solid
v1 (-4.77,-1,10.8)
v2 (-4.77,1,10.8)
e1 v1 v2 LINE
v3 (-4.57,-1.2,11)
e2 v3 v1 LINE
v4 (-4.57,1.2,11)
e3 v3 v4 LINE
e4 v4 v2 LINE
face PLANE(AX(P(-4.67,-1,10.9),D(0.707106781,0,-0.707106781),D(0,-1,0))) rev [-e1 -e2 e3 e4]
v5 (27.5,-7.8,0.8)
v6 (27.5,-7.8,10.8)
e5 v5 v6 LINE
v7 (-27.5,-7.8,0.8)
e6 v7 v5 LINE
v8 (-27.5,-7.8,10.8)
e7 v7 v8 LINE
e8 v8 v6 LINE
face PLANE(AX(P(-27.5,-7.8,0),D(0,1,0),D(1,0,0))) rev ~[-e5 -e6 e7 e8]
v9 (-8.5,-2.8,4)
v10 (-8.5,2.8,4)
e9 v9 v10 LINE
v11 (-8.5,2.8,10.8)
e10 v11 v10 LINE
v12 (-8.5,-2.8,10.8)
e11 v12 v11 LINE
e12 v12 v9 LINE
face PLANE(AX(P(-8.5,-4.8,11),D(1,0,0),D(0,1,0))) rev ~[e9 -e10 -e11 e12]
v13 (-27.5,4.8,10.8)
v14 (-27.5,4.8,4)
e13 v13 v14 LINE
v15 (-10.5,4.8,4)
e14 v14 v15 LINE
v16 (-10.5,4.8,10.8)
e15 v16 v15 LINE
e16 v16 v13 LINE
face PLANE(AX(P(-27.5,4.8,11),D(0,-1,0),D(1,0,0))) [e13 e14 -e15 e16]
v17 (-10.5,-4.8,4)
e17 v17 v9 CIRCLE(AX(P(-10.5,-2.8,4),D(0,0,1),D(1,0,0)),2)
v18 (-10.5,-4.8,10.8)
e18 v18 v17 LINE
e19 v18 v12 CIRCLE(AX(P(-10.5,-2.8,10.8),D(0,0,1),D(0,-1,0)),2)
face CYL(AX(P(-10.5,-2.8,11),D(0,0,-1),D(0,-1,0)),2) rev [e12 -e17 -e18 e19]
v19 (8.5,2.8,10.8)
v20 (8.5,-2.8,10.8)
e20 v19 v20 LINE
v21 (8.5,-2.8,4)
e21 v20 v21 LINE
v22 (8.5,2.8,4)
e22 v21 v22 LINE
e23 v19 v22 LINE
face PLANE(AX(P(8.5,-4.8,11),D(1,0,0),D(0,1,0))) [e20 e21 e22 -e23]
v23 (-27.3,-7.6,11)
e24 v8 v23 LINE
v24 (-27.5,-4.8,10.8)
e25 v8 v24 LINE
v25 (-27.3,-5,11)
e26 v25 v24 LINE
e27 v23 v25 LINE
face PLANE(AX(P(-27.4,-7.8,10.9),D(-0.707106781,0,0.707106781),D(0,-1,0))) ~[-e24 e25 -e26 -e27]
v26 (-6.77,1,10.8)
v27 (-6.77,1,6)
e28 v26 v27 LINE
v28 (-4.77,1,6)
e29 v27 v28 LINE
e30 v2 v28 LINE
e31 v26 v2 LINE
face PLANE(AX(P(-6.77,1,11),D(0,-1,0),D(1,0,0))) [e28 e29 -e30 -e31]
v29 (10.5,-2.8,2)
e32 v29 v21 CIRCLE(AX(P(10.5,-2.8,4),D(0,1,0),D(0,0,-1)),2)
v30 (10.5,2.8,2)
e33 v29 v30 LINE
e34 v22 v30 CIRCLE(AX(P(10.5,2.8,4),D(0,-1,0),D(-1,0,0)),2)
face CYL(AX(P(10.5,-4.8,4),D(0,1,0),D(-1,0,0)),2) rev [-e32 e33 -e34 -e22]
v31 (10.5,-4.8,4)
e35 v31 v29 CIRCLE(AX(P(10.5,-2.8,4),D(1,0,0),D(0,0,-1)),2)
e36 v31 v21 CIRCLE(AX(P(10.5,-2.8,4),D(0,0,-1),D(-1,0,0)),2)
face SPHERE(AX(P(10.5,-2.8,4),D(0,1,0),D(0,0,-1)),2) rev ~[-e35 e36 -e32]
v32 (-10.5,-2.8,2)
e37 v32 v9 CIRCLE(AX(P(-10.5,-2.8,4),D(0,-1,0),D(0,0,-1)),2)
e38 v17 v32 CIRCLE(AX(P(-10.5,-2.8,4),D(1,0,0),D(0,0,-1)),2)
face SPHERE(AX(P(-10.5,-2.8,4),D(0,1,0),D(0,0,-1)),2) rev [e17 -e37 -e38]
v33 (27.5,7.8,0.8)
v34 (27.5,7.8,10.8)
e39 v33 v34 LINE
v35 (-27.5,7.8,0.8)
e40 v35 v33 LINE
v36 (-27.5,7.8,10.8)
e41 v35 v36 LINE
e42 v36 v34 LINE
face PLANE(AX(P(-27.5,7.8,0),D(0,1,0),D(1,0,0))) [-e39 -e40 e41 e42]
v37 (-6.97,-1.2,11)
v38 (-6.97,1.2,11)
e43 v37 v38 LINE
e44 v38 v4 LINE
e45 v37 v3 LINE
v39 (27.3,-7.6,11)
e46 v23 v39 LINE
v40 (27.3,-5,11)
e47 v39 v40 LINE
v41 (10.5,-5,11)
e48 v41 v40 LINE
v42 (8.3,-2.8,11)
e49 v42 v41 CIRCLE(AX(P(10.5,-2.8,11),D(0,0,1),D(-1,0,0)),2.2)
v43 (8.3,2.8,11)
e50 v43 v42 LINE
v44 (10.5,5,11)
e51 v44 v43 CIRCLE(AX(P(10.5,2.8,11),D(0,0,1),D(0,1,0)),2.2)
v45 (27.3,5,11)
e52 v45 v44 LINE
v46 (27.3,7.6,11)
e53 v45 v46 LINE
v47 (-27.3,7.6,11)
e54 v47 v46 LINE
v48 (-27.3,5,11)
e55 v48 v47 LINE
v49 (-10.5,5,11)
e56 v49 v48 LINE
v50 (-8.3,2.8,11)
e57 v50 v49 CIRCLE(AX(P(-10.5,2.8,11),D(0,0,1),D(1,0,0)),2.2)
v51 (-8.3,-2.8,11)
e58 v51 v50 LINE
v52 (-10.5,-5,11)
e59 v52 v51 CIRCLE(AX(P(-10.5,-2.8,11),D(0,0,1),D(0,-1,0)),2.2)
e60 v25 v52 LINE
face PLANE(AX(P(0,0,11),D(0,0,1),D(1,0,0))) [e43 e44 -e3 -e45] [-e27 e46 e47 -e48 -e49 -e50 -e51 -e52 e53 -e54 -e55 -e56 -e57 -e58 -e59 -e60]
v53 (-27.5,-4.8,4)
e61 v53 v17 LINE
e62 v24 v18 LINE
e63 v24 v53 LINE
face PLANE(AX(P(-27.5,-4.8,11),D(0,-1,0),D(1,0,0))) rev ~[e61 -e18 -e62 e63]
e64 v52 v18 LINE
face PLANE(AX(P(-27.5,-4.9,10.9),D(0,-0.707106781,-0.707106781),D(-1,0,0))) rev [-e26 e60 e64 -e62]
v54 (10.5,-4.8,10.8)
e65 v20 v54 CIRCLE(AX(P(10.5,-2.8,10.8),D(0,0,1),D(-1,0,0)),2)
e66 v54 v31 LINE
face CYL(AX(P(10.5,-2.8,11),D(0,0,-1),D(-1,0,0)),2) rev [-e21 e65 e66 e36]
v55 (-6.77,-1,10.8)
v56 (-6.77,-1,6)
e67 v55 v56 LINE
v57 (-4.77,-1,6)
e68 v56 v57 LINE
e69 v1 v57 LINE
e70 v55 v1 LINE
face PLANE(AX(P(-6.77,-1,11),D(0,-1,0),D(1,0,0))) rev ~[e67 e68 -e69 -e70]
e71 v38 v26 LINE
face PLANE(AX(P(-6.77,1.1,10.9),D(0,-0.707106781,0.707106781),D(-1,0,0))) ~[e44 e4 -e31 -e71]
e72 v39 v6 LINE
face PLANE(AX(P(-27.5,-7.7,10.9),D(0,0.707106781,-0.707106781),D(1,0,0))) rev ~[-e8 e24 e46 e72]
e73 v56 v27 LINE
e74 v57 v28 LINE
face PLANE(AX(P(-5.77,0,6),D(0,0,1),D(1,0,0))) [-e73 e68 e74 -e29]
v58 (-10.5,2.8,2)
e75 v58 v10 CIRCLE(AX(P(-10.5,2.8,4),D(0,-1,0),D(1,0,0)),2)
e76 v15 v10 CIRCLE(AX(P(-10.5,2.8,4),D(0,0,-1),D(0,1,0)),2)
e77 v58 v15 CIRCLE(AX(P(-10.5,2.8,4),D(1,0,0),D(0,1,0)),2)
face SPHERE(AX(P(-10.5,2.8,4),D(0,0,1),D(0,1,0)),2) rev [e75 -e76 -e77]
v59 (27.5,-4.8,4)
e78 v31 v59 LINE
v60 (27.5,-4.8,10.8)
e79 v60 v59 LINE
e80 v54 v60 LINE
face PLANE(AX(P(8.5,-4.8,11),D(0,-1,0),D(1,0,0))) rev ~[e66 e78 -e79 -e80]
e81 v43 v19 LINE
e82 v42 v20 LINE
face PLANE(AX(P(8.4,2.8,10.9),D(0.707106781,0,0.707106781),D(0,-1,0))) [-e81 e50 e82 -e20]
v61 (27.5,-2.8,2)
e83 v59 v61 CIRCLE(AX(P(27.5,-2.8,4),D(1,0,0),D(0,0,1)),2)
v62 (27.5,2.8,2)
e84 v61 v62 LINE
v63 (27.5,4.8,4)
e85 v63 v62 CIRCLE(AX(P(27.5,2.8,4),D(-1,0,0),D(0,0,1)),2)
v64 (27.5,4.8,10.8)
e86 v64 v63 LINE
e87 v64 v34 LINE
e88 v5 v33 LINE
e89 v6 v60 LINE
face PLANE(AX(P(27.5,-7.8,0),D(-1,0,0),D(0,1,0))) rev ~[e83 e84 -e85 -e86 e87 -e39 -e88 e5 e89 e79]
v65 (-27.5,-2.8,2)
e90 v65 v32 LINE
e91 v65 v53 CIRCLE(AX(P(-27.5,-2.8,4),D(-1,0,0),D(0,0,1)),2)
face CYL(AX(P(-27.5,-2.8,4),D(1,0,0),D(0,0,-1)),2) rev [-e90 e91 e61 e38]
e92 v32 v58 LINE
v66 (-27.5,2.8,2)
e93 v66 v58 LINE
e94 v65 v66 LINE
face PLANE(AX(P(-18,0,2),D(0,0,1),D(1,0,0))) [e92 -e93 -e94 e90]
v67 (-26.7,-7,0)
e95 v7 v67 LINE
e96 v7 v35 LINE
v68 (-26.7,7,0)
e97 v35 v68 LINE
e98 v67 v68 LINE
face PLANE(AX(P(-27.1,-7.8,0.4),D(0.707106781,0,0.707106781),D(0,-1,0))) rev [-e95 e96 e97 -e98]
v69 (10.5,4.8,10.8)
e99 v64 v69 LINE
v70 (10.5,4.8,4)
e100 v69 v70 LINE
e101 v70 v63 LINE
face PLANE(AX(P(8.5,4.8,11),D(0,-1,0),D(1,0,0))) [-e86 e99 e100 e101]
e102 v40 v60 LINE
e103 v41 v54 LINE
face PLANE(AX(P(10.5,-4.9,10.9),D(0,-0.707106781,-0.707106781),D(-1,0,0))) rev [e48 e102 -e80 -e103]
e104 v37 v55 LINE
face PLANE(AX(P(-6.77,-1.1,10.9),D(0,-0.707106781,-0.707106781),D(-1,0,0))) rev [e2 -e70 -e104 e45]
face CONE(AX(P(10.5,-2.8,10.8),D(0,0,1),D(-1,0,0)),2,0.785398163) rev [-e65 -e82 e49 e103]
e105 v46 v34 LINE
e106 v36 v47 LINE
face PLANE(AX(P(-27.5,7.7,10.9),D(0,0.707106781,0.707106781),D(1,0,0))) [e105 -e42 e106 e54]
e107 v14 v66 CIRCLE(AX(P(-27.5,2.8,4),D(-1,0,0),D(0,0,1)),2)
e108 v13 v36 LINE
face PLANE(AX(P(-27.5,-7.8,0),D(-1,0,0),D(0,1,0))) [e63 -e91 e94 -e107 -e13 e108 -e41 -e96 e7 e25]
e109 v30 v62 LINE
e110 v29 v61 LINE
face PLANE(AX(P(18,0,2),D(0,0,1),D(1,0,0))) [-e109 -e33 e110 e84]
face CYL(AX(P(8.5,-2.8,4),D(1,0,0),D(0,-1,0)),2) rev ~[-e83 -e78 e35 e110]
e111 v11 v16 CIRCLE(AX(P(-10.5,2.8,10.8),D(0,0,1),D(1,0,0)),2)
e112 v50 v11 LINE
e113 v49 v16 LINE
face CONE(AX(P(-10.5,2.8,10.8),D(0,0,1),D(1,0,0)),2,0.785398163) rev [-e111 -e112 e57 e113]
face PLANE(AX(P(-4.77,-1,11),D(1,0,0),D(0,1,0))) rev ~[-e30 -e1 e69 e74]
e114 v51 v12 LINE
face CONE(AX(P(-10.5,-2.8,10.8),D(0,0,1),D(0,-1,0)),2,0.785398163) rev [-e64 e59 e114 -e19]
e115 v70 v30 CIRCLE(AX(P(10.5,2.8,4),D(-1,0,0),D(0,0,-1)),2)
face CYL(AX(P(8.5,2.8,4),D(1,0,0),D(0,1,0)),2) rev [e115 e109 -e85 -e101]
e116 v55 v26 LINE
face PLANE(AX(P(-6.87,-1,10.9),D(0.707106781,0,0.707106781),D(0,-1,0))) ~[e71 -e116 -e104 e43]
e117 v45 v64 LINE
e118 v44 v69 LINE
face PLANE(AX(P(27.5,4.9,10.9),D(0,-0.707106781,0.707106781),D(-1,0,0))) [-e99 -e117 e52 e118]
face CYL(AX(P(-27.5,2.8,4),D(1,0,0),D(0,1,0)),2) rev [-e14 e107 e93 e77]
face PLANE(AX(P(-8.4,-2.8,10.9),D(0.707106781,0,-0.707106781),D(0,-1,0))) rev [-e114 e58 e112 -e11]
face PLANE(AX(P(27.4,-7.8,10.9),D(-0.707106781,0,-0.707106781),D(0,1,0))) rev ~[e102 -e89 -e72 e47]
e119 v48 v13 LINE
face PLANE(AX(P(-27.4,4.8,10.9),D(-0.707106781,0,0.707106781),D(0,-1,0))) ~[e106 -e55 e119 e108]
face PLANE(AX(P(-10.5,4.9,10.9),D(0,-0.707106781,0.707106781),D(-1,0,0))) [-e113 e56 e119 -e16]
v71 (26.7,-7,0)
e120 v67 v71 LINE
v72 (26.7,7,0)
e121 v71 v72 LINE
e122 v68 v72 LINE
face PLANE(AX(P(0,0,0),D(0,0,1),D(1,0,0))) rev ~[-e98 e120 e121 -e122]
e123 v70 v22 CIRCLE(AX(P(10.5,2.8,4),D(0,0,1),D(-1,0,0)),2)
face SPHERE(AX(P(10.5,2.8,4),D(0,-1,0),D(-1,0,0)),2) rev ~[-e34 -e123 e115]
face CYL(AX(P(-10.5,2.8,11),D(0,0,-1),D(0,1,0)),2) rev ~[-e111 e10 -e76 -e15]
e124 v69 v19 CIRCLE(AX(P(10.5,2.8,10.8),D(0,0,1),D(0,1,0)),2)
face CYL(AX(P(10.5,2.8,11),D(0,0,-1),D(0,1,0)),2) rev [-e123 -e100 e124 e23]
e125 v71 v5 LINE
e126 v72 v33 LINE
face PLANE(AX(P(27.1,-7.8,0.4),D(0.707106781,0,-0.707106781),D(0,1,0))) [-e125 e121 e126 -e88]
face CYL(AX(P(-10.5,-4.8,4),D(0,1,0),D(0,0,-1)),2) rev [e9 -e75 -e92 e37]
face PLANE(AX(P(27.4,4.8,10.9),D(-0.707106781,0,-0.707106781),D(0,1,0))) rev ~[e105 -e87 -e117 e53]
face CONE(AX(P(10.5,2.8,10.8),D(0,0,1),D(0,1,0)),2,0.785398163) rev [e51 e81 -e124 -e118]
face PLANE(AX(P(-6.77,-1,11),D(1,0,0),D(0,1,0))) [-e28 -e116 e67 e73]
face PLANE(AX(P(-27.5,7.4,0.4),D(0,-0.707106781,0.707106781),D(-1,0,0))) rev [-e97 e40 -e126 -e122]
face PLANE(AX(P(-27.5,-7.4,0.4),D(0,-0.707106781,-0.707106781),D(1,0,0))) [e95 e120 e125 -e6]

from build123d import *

# Parameters (mm, degrees)
F0_W     = 55
F0_H     = 15.6
F1_DEPTH = 11
F2_W     = 2
F2_H     = 2
F3_DEPTH = 5
F4_W     = 19
F4_H     = 9.6
F5_DEPTH = 9
F6_R     = 2
F7_SIZE  = 0.2
F8_SIZE  = 0.8


with BuildPart() as f1:
    # F0 (on Top) → F1 (new body)
    with BuildSketch(Plane.XY):
        Rectangle(F0_W, F0_H)
    extrude(amount=F1_DEPTH)

    # F2 (on face) → F3 (cut)
    with BuildSketch(Plane.XY.offset(11)):
        with Locations((-5.77, 0)):
            Rectangle(F2_W, F2_H)
    extrude(amount=-F3_DEPTH, mode=Mode.SUBTRACT)

    # F4 (on face) → F5 (cut)
    with BuildSketch(Plane.XY.offset(11)):
        with Locations((-18, 0)):
            Rectangle(F4_W, F4_H)
        with Locations((18, 0)):
            Rectangle(F4_W, F4_H)
    extrude(amount=-F5_DEPTH, mode=Mode.SUBTRACT)

    # F6
    f6_edges = [f1.edges().sort_by_distance(p)[0] for p in [
        (-8.5, 4.8, 6.5),
        (-18, 4.8, 2),
        (-8.5, 0, 2),
        (-18, -4.8, 2),
        (-8.5, -4.8, 6.5),
        (8.5, 0, 2),
        (8.5, 4.8, 6.5),
        (18, 4.8, 2),
        (18, -4.8, 2),
        (8.5, -4.8, 6.5),
    ]]
    fillet(f6_edges, radius=F6_R)

    # F7
    f7_edges = [f1.edges().sort_by_distance(p)[0] for p in [
        (-19, -4.8, 11),
        (-9.085786, -4.214214, 11),
        (-27.5, -6.3, 11),
        (-8.5, 0, 11),
        (0, -7.8, 11),
        (-9.085786, 4.214214, 11),
        (27.5, -6.3, 11),
        (-19, 4.8, 11),
        (19, -4.8, 11),
        (-27.5, 6.3, 11),
        (9.085786, -4.214214, 11),
        (0, 7.8, 11),
        (8.5, 0, 11),
        (27.5, 6.3, 11),
        (9.085786, 4.214214, 11),
        (19, 4.8, 11),
        (-6.77, 0, 11),
        (-5.77, 1, 11),
        (-5.77, -1, 11),
        (-4.77, 0, 11),
    ]]
    chamfer(f7_edges, length=F7_SIZE)

    # F8
    f8_edges = [f1.edges().sort_by_distance(p)[0] for p in [
        (27.5, 0, 0),
        (0, 7.8, 0),
        (-27.5, 0, 0),
        (0, -7.8, 0),
    ]]
    chamfer(f8_edges, length=F8_SIZE)


solid = f1.part
